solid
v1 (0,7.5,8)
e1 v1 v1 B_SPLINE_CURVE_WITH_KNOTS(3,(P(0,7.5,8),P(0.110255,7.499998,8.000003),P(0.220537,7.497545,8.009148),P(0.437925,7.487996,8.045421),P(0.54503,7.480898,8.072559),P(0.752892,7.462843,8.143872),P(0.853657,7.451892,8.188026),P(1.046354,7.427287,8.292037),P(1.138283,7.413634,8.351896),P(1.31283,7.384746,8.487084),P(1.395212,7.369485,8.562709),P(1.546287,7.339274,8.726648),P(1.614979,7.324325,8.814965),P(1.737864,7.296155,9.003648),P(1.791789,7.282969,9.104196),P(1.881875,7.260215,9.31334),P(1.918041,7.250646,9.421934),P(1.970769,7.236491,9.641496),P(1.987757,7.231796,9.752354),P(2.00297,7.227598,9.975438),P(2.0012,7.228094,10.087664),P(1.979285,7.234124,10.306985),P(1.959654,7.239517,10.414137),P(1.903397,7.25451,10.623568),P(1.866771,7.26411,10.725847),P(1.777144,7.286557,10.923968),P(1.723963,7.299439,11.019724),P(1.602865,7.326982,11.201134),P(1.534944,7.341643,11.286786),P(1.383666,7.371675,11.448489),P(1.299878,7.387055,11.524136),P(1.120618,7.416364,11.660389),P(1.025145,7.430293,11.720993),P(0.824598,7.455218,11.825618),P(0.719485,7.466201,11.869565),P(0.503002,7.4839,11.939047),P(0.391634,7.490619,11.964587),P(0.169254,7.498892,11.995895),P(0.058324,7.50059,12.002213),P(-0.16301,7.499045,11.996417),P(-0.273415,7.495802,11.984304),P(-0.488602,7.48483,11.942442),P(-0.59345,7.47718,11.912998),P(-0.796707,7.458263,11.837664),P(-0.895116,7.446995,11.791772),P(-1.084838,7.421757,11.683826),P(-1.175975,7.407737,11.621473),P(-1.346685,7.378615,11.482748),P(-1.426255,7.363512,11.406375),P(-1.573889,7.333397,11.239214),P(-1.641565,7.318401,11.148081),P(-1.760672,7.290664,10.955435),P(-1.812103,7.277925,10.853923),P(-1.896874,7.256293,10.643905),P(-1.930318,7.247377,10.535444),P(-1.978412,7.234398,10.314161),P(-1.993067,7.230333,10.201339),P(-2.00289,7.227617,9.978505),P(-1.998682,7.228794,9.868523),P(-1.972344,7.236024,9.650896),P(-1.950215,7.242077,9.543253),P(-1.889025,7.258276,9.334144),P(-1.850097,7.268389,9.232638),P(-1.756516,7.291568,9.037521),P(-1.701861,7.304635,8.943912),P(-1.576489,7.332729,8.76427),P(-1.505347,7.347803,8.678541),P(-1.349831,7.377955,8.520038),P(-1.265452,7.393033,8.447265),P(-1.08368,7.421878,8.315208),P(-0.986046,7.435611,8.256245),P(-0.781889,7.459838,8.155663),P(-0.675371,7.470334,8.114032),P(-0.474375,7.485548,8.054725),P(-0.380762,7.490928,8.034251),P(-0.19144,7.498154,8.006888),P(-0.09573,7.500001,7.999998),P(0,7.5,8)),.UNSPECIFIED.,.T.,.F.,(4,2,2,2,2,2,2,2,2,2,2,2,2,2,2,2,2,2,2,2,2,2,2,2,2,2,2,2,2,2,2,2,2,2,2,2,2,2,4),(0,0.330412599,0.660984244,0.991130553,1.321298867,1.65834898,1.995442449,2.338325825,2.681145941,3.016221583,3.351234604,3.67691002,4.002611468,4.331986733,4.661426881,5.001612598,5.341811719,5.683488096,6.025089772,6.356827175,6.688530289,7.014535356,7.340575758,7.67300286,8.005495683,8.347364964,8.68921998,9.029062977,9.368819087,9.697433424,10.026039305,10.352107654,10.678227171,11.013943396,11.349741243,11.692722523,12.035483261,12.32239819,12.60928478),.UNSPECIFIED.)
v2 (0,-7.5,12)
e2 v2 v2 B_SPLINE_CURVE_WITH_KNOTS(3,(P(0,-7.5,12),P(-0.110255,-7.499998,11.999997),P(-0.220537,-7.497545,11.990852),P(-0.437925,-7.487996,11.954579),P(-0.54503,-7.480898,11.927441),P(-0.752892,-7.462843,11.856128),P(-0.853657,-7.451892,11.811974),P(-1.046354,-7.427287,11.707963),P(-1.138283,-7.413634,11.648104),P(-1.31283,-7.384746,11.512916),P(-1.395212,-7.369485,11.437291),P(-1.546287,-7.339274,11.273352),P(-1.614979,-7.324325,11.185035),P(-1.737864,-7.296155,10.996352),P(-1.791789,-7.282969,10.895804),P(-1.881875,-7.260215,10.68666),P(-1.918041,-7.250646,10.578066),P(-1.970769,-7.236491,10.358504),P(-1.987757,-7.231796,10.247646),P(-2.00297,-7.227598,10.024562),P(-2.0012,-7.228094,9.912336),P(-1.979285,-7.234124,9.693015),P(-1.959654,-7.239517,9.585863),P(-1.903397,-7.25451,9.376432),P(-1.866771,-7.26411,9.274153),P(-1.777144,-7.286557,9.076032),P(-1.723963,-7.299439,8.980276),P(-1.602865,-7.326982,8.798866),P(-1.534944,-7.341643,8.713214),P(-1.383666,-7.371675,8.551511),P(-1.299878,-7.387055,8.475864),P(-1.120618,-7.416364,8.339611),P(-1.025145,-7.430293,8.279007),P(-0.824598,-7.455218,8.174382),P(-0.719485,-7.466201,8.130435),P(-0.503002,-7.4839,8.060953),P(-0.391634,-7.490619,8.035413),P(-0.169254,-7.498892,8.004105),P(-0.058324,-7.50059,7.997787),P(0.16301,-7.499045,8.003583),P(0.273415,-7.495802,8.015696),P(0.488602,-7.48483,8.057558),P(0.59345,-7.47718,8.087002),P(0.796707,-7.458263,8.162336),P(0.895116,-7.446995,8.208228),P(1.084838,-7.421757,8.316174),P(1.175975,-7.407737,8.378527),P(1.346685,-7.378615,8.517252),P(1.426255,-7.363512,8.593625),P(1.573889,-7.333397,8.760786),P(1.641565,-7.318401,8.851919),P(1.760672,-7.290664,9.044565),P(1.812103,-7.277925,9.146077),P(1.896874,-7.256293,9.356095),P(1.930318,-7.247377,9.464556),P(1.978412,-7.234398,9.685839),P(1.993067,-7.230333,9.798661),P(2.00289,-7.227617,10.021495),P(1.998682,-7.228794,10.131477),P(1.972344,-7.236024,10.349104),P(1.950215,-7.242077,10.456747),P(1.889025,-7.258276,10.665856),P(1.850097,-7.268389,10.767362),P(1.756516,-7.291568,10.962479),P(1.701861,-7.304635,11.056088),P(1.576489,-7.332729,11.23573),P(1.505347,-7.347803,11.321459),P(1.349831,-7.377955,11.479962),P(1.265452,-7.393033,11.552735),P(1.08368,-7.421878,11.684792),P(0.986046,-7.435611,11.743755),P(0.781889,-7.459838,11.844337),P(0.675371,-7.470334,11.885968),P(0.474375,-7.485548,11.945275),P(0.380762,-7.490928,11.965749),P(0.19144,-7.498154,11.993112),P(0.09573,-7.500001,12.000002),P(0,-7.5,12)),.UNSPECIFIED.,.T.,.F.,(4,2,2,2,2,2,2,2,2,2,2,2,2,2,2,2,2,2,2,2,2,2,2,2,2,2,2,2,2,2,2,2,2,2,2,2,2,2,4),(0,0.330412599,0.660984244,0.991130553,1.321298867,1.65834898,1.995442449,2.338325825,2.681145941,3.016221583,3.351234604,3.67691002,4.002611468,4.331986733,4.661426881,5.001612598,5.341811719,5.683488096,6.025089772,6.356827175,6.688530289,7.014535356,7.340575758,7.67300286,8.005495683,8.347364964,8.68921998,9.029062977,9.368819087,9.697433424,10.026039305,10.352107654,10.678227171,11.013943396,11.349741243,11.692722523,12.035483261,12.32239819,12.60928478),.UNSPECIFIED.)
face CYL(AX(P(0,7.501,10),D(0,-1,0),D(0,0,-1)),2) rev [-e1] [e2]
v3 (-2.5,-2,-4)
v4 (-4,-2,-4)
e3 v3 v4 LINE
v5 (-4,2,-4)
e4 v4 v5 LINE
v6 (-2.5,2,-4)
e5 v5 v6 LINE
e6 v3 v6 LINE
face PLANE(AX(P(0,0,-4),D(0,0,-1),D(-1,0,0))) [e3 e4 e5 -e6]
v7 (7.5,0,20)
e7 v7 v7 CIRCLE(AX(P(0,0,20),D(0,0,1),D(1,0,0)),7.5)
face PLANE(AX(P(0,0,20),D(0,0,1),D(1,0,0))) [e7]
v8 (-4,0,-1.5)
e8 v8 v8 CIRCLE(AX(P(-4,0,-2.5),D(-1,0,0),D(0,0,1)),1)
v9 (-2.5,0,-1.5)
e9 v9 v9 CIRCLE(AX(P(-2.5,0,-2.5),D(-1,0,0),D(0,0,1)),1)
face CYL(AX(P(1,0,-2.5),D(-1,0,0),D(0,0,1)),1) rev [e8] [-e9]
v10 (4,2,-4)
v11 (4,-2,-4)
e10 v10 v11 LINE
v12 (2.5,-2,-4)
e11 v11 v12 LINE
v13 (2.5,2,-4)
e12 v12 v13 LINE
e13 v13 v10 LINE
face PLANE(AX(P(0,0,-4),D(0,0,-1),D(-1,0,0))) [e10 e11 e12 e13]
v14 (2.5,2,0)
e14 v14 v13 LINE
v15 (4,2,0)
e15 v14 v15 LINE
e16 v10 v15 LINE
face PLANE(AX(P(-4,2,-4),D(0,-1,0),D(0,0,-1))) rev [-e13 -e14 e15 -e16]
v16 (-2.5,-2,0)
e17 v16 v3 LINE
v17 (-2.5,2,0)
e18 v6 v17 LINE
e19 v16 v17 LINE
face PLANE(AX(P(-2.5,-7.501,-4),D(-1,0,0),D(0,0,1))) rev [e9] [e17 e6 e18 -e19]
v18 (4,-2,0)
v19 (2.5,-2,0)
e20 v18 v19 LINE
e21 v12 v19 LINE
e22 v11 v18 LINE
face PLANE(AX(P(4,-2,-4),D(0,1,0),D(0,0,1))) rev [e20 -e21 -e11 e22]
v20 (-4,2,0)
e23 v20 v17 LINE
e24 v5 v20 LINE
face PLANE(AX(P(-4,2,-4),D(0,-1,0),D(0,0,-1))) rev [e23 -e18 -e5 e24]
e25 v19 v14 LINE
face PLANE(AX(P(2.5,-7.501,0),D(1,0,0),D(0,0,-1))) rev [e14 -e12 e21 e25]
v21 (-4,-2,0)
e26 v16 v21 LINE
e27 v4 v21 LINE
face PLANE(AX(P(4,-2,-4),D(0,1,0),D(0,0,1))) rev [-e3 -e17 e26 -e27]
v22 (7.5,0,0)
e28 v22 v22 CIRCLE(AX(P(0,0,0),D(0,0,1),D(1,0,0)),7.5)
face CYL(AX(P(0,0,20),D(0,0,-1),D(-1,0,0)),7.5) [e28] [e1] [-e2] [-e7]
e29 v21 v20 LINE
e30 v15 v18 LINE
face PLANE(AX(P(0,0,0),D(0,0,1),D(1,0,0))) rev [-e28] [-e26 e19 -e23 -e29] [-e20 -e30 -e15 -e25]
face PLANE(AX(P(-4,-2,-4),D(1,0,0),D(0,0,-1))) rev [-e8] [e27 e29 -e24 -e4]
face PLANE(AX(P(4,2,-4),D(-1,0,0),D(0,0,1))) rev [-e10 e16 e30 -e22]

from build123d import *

# Parameters (mm, degrees)
CROQUIS1_R                             = 7.5
SALIENTE_EXTRUIR1_DEPTH                = 20
CROQUIS2_W                             = 5
CROQUIS2_H                             = 4
SALIENTE_EXTRUIR2_DEPTH                = 4
CROQUIS4_W                             = 8
CROQUIS4_H                             = 4
SALIENTE_EXTRUIR4_DEPTH                = 4
CORTAR_EXTRUIR1_REACH                  = 28.879
CROQUIS6_W                             = 5
CROQUIS6_H                             = 4
CROQUIS6_W_2                           = 2.5
CROQUIS7_R                             = 1
CORTAR_EXTRUIR2_DEPTH                  = 5
CORTAR_EXTRUIR3_REACH                  = 28.879
CORTAR_EXTRUIR3_END_RADIUS             = 7.5
CROQUIS8_R                             = 2
CORTAR_EXTRUIR3_DIRECTION_2_REACH      = 28.879
CORTAR_EXTRUIR3_DIRECTION_2_END_RADIUS = 7.5
CROQUIS9_W                             = 4
CROQUIS9_H                             = 4
CORTAR_EXTRUIR4_DEPTH                  = 5


with BuildPart() as part:
    # Croquis1 → Saliente-Extruir1 (new body)
    with BuildSketch(Plane.XY):
        Circle(CROQUIS1_R)
    extrude(amount=SALIENTE_EXTRUIR1_DEPTH)

    # Croquis2 → Saliente-Extruir2 (add)
    with BuildSketch(Plane.XY.offset(20)):
        Rectangle(CROQUIS2_W, CROQUIS2_H)
    extrude(amount=SALIENTE_EXTRUIR2_DEPTH)

    # Croquis4 → Saliente-Extruir4 (add)
    with BuildSketch(Plane(origin=(0, 0, 0), x_dir=(-1, 0, 0), z_dir=(0, 0, -1))):
        Rectangle(CROQUIS4_W, CROQUIS4_H)
    extrude(amount=SALIENTE_EXTRUIR4_DEPTH)

    # Croquis6 → Cortar-Extruir1 (cut, up to next)
    with BuildSketch(Plane(origin=(0, 2, 0), x_dir=(1, 0, 0), z_dir=(0, 1, 0)), mode=Mode.PRIVATE) as cortar_extruir1_sk1:
        with Locations((0, 2)):
            Rectangle(CROQUIS6_W, CROQUIS6_H)
    cortar_extruir1_tool1 = extrude(cortar_extruir1_sk1.sketch, amount=-CORTAR_EXTRUIR1_REACH, mode=Mode.PRIVATE) & part.part
    # Croquis6 → Cortar-Extruir1 (cut, up to next)
    with BuildSketch(Plane(origin=(0, 2, 0), x_dir=(1, 0, 0), z_dir=(0, 1, 0)), mode=Mode.PRIVATE) as cortar_extruir1_sk2:
        with Locations((0, -22)):
            Rectangle(CROQUIS6_W_2, CROQUIS6_H)
    cortar_extruir1_tool2 = extrude(cortar_extruir1_sk2.sketch, amount=-CORTAR_EXTRUIR1_REACH, mode=Mode.PRIVATE) & part.part
    add(cortar_extruir1_tool1.solids().sort_by_distance((0, 2, -2))[0], mode=Mode.SUBTRACT)
    add(cortar_extruir1_tool2.solids().sort_by_distance((0, 2, 22))[0], mode=Mode.SUBTRACT)

    # Croquis7 → Cortar-Extruir2 (cut)
    with BuildSketch(Plane.ZY.offset(4)):
        with Locations((-2.5, 0)):
            Circle(CROQUIS7_R)
        with Locations((22.5, 0)):
            Circle(CROQUIS7_R)
    extrude(amount=-CORTAR_EXTRUIR2_DEPTH, mode=Mode.SUBTRACT)

    # Cortar-Extruir3: up to this cylinder (the profile starts inside it)
    cortar_extruir3_end = Plane(origin=(0, 0, 10), z_dir=(0, 0, -1)) * Cylinder(CORTAR_EXTRUIR3_END_RADIUS, 73.758, mode=Mode.PRIVATE)
    # Croquis8 → Cortar-Extruir3 (cut, up to the surface)
    with BuildSketch(Plane(origin=(0, 2, 0), x_dir=(1, 0, 0), z_dir=(0, 1, 0)), mode=Mode.PRIVATE) as cortar_extruir3_sk1:
        with Locations(Location((0, -10, 0), (0, 0, 90))):
            Circle(CROQUIS8_R)
    cortar_extruir3_tool1 = extrude(cortar_extruir3_sk1.sketch, amount=-CORTAR_EXTRUIR3_REACH, mode=Mode.PRIVATE) & cortar_extruir3_end
    add(cortar_extruir3_tool1.solids().sort_by_distance((0, 2, 10))[0], mode=Mode.SUBTRACT)

    # Cortar-Extruir3 direction 2: up to this cylinder (the profile starts inside it)
    cortar_extruir3_direction_2_end = Plane(origin=(0, 0, 10), z_dir=(0, 0, -1)) * Cylinder(CORTAR_EXTRUIR3_DIRECTION_2_END_RADIUS, 73.758, mode=Mode.PRIVATE)
    # Croquis8 → Cortar-Extruir3 direction 2 (cut, up to the surface)
    with BuildSketch(Plane(origin=(0, 2, 0), x_dir=(1, 0, 0), z_dir=(0, 1, 0)), mode=Mode.PRIVATE) as cortar_extruir3_direction_2_sk1:
        with Locations(Location((0, -10, 0), (0, 0, 90))):
            Circle(CROQUIS8_R)
    cortar_extruir3_direction_2_tool1 = extrude(cortar_extruir3_direction_2_sk1.sketch, amount=CORTAR_EXTRUIR3_DIRECTION_2_REACH, mode=Mode.PRIVATE) & cortar_extruir3_direction_2_end
    add(cortar_extruir3_direction_2_tool1.solids().sort_by_distance((0, 2, 10))[0], mode=Mode.SUBTRACT)

    # Croquis9 → Cortar-Extruir4 (cut)
    with BuildSketch(Plane(origin=(2.5, 0, 0), x_dir=(0, 0, -1), z_dir=(1, 0, 0))):
        with Locations((-22, 0)):
            Rectangle(CROQUIS9_W, CROQUIS9_H)
    extrude(amount=-CORTAR_EXTRUIR4_DEPTH, mode=Mode.SUBTRACT)


solid = part.part
